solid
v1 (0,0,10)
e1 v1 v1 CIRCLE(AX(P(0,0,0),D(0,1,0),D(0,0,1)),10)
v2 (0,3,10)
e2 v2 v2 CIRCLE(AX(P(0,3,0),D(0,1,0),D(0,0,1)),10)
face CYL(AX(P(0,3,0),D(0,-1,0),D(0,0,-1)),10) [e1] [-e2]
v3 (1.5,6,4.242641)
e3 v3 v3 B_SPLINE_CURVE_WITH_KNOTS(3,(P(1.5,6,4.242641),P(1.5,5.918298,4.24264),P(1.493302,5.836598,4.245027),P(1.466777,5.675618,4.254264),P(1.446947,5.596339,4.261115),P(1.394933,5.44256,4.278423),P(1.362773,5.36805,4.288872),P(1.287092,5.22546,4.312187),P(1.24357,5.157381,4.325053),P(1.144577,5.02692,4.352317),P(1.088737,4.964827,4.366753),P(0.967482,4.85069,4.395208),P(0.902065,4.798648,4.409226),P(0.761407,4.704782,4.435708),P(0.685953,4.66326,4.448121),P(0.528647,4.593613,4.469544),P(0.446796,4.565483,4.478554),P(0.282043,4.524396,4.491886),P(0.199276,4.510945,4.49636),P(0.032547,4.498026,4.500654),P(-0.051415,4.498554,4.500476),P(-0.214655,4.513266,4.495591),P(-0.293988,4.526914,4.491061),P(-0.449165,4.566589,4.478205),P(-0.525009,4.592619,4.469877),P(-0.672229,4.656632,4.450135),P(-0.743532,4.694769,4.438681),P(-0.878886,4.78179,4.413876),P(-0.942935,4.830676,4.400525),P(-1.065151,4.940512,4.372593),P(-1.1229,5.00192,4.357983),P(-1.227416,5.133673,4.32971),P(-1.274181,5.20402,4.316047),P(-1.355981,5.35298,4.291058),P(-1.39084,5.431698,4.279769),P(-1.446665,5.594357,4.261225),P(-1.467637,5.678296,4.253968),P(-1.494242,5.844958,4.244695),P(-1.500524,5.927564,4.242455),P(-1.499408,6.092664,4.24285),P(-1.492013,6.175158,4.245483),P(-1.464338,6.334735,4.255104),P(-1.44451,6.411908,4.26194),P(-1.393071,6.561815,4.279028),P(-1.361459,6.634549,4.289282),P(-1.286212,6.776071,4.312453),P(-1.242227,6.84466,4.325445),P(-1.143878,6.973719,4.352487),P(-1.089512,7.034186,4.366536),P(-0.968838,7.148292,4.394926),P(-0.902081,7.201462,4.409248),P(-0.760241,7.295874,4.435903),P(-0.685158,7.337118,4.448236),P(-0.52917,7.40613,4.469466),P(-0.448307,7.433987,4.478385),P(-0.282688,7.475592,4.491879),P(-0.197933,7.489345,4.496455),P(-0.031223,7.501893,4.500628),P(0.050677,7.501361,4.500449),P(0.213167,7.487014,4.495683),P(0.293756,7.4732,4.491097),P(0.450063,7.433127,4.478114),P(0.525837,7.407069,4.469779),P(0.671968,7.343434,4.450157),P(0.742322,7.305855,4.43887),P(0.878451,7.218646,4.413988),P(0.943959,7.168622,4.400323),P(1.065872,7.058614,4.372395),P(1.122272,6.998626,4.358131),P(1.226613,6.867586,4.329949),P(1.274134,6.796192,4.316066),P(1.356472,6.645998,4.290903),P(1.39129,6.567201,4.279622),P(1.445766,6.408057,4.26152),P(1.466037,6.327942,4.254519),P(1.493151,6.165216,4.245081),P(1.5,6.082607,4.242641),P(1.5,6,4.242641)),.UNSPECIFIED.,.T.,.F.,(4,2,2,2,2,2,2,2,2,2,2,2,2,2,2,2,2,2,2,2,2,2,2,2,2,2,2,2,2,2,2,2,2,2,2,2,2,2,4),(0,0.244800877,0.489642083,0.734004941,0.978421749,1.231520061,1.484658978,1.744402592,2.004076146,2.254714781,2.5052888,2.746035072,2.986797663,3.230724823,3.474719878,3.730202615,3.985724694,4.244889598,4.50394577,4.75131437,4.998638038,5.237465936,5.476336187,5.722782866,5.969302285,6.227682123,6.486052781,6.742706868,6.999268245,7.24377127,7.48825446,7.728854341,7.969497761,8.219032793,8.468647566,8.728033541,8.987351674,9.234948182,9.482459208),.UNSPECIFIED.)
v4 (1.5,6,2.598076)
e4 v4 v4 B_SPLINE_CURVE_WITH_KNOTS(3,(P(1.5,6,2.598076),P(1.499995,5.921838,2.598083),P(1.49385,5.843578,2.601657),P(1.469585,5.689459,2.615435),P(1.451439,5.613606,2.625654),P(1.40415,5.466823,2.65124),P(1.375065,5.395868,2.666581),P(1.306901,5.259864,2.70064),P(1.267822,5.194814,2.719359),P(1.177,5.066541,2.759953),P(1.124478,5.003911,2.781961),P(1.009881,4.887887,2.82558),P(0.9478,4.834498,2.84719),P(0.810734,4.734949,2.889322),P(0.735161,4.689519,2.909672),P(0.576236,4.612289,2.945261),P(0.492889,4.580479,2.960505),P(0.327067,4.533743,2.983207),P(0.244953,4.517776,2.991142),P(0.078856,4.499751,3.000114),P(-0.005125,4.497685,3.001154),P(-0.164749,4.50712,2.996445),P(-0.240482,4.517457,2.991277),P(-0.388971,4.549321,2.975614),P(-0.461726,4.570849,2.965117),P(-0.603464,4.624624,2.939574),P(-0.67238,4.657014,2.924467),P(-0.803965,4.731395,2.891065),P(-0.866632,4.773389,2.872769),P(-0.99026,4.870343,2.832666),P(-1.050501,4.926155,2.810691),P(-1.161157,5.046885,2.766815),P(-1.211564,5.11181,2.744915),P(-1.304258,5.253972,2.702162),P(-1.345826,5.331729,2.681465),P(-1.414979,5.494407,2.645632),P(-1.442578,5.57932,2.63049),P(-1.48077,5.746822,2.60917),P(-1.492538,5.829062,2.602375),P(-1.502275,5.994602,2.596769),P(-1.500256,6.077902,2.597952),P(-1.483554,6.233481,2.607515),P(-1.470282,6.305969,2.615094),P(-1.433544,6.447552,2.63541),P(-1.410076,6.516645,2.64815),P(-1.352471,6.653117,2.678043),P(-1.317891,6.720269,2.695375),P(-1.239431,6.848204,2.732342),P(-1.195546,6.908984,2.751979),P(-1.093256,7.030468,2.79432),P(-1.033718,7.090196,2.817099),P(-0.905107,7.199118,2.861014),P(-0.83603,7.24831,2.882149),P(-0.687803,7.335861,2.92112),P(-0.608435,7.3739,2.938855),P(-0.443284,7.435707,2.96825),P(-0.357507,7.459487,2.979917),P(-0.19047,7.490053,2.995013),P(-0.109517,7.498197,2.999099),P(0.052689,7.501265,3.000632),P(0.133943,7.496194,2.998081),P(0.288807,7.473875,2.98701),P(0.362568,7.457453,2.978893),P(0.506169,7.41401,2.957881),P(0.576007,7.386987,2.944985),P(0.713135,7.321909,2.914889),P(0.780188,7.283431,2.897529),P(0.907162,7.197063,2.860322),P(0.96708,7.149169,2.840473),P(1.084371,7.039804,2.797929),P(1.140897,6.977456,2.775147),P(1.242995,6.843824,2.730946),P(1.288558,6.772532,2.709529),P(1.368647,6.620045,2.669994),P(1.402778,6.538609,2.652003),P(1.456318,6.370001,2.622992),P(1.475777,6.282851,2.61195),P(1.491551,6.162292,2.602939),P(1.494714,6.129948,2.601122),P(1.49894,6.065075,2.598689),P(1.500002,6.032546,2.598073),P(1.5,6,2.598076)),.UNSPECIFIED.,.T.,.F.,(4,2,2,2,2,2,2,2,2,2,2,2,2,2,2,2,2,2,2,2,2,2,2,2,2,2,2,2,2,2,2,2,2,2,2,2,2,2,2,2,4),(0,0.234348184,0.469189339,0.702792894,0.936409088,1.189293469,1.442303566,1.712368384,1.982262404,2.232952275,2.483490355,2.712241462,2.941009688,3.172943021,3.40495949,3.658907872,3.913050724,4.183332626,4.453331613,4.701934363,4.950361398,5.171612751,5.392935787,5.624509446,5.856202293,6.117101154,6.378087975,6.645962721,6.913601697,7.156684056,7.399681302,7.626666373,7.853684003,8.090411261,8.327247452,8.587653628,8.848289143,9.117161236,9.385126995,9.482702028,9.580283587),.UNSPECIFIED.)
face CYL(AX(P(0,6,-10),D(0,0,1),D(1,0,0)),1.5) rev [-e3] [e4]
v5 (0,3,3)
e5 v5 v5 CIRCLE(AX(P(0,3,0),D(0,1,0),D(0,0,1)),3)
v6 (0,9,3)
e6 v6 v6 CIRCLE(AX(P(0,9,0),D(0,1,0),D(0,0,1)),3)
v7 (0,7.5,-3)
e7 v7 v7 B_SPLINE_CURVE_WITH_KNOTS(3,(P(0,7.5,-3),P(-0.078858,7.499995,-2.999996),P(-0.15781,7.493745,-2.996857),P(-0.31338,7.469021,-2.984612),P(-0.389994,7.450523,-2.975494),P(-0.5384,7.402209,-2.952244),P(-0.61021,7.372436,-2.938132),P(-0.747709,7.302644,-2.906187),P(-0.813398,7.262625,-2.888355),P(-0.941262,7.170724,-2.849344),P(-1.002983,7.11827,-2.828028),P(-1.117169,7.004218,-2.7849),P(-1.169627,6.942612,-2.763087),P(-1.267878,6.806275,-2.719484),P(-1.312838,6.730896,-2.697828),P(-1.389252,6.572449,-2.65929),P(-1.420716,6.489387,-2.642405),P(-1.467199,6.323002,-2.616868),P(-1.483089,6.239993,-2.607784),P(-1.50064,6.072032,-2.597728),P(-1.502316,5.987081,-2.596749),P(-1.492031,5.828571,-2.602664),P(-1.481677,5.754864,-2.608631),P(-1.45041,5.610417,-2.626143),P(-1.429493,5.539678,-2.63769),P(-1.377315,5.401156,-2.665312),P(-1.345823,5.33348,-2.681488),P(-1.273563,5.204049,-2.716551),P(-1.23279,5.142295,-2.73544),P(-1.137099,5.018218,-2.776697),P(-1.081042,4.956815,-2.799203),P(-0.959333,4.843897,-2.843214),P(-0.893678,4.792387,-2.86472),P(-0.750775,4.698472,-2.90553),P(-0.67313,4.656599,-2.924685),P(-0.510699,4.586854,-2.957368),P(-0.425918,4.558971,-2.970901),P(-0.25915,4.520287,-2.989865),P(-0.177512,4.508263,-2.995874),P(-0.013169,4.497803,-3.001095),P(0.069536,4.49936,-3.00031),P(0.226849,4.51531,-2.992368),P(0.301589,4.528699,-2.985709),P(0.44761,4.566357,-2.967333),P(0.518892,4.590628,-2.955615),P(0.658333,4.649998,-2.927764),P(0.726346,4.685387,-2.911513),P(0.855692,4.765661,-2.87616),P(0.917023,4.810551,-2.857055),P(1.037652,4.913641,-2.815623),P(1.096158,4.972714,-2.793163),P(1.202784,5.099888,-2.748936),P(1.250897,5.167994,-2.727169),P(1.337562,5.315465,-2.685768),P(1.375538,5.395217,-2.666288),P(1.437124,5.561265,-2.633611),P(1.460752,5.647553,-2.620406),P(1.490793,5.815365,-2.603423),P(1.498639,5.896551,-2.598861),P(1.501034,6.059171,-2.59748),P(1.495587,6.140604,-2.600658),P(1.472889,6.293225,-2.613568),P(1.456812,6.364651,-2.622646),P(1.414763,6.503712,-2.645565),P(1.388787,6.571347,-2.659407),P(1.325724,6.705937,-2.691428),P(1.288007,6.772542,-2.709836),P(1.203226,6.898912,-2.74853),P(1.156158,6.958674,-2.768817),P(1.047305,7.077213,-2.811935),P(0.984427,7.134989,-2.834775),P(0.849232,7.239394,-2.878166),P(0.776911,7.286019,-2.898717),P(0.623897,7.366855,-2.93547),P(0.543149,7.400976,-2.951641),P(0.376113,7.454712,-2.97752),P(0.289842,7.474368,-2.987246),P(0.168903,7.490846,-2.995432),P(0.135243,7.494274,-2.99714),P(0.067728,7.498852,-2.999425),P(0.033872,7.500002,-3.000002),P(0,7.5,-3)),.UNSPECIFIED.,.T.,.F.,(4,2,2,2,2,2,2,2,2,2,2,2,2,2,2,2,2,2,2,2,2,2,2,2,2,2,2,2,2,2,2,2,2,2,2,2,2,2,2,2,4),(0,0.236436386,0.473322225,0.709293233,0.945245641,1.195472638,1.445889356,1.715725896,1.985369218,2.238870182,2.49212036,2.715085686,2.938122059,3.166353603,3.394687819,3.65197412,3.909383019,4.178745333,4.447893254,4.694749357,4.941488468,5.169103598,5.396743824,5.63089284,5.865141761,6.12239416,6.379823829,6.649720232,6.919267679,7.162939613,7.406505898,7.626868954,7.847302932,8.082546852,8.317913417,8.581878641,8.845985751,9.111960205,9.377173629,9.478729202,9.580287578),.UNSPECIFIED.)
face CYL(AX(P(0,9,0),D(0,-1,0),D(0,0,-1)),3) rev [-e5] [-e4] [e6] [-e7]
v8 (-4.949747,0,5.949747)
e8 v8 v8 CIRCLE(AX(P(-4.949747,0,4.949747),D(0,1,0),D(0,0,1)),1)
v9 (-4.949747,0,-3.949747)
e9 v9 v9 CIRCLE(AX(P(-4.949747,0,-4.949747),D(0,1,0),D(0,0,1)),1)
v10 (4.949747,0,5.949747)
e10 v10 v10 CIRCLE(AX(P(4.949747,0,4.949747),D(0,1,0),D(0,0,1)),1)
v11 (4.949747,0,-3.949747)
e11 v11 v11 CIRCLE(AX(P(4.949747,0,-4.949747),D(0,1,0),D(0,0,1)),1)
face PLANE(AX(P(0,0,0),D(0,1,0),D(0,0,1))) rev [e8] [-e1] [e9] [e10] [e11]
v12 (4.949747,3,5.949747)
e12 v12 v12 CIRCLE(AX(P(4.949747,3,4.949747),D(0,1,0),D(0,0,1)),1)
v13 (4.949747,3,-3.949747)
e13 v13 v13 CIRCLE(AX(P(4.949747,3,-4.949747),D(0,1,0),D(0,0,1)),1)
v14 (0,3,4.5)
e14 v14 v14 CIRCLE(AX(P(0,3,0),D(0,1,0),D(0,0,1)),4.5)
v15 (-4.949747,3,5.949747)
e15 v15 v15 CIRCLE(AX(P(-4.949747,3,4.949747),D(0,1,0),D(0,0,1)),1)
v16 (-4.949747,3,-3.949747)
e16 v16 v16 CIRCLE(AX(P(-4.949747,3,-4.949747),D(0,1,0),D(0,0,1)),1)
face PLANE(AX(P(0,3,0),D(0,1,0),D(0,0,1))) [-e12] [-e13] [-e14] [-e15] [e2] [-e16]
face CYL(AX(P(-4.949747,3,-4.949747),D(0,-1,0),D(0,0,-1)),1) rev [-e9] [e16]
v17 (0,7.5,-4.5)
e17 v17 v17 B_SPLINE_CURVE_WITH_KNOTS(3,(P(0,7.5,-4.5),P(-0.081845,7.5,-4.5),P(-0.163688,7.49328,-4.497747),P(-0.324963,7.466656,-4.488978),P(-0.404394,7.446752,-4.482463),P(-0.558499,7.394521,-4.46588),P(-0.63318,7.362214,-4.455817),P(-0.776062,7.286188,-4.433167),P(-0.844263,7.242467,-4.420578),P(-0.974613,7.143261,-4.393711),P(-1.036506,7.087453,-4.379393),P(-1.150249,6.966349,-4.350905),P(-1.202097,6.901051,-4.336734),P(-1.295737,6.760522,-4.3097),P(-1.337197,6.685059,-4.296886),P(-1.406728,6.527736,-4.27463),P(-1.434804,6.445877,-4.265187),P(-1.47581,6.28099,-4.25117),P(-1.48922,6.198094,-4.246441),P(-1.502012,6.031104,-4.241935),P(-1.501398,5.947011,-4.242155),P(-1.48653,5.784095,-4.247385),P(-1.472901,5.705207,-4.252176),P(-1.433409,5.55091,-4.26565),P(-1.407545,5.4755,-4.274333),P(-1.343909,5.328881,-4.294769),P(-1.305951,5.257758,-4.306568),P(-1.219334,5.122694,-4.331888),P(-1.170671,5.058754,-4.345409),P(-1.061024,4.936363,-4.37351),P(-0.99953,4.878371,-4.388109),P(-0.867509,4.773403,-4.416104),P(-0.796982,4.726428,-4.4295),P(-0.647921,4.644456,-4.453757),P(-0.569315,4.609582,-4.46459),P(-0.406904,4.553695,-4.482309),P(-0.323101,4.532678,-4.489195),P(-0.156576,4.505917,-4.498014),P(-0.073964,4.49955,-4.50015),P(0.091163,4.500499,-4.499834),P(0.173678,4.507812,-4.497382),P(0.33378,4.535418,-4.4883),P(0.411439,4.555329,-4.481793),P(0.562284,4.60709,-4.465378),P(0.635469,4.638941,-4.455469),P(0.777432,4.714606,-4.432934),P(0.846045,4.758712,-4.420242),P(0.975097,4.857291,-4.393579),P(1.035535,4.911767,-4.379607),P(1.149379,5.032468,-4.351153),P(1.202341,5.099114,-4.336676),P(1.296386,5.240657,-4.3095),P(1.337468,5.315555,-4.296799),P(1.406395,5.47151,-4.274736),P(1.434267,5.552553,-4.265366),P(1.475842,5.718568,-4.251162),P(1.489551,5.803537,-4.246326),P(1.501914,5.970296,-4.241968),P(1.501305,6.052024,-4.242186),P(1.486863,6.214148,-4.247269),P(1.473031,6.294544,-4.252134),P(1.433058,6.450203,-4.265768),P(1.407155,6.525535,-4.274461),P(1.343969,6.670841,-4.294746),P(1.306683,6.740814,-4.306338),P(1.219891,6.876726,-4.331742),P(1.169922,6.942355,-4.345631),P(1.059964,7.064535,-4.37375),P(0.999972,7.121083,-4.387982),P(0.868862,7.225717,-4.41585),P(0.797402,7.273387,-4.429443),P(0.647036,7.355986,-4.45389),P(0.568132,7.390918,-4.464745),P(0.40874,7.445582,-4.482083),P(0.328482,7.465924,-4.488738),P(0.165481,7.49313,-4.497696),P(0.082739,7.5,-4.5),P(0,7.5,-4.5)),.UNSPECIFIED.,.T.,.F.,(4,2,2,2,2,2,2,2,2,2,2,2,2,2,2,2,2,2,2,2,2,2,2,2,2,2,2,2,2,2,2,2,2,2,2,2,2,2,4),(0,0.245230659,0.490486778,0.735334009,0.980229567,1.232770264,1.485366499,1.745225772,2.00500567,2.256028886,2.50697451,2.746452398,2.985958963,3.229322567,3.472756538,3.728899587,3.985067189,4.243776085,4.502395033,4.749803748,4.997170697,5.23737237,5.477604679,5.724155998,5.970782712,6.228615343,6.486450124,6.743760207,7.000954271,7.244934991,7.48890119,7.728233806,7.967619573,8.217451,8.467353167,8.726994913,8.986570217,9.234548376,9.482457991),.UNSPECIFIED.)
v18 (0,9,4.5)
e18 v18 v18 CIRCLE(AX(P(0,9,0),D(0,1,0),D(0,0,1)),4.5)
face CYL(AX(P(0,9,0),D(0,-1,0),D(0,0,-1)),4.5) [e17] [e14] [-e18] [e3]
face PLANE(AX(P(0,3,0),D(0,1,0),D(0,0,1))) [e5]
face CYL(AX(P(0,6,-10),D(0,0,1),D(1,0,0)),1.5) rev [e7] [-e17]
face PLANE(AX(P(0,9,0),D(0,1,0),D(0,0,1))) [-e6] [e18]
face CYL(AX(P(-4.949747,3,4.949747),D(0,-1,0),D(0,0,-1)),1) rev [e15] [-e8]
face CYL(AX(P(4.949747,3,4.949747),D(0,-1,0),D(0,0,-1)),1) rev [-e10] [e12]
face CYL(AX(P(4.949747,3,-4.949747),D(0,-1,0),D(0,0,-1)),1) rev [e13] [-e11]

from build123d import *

# Parameters (mm, degrees)
CROQUIS1_R                 = 10
CROQUIS1_R_2               = 1
SALIENTE_EXTRUIR1_DEPTH    = 3
SALIENTE_EXTRUIR2_START    = 3
CROQUIS1_3_R               = 4.5
CROQUIS1_3_R_2             = 3
SALIENTE_EXTRUIR2_DEPTH    = 6
CORTAR_EXTRUIR1_DEPTH      = 17.763054614
CORTAR_EXTRUIR1_DEPTH_BACK = 17.763054614
CROQUIS2_R                 = 1.5


with BuildPart() as part:
    # Croquis1 → Saliente-Extruir1 (new body)
    with BuildSketch(Plane(origin=(0, 0, 0), x_dir=(1, 0, 0), z_dir=(0, 1, 0))):
        with Locations(Location((0, 0, 0), (0, 0, 270))):
            Circle(CROQUIS1_R)
        with Locations(Location((-4.949747468, 4.949747468, 0), (0, 0, 270))):
            Circle(CROQUIS1_R_2, mode=Mode.SUBTRACT)
        with Locations(Location((4.949747468, 4.949747468, 0), (0, 0, 270))):
            Circle(CROQUIS1_R_2, mode=Mode.SUBTRACT)
        with Locations(Location((4.949747468, -4.949747468, 0), (0, 0, 270))):
            Circle(CROQUIS1_R_2, mode=Mode.SUBTRACT)
        with Locations(Location((-4.949747468, -4.949747468, 0), (0, 0, 270))):
            Circle(CROQUIS1_R_2, mode=Mode.SUBTRACT)
    extrude(amount=SALIENTE_EXTRUIR1_DEPTH)

    # Croquis1<3> → Saliente-Extruir2 (add)
    with BuildSketch(Plane(origin=(0, 0, 0), x_dir=(1, 0, 0), z_dir=(0, 1, 0)).offset(SALIENTE_EXTRUIR2_START)):
        with Locations(Location((0, 0, 0), (0, 0, 270))):
            Circle(CROQUIS1_3_R)
        with Locations(Location((0, 0, 0), (0, 0, 270))):
            Circle(CROQUIS1_3_R_2, mode=Mode.SUBTRACT)
    extrude(amount=SALIENTE_EXTRUIR2_DEPTH)

    # Croquis2 → Cortar-Extruir1 (cut, two sides: drawn at the far end of the back side and taken through both)
    with BuildSketch(Plane.XY.offset(-CORTAR_EXTRUIR1_DEPTH_BACK)):
        with Locations((0, 6)):
            Circle(CROQUIS2_R)
    extrude(amount=CORTAR_EXTRUIR1_DEPTH + CORTAR_EXTRUIR1_DEPTH_BACK, mode=Mode.SUBTRACT)


solid = part.part
